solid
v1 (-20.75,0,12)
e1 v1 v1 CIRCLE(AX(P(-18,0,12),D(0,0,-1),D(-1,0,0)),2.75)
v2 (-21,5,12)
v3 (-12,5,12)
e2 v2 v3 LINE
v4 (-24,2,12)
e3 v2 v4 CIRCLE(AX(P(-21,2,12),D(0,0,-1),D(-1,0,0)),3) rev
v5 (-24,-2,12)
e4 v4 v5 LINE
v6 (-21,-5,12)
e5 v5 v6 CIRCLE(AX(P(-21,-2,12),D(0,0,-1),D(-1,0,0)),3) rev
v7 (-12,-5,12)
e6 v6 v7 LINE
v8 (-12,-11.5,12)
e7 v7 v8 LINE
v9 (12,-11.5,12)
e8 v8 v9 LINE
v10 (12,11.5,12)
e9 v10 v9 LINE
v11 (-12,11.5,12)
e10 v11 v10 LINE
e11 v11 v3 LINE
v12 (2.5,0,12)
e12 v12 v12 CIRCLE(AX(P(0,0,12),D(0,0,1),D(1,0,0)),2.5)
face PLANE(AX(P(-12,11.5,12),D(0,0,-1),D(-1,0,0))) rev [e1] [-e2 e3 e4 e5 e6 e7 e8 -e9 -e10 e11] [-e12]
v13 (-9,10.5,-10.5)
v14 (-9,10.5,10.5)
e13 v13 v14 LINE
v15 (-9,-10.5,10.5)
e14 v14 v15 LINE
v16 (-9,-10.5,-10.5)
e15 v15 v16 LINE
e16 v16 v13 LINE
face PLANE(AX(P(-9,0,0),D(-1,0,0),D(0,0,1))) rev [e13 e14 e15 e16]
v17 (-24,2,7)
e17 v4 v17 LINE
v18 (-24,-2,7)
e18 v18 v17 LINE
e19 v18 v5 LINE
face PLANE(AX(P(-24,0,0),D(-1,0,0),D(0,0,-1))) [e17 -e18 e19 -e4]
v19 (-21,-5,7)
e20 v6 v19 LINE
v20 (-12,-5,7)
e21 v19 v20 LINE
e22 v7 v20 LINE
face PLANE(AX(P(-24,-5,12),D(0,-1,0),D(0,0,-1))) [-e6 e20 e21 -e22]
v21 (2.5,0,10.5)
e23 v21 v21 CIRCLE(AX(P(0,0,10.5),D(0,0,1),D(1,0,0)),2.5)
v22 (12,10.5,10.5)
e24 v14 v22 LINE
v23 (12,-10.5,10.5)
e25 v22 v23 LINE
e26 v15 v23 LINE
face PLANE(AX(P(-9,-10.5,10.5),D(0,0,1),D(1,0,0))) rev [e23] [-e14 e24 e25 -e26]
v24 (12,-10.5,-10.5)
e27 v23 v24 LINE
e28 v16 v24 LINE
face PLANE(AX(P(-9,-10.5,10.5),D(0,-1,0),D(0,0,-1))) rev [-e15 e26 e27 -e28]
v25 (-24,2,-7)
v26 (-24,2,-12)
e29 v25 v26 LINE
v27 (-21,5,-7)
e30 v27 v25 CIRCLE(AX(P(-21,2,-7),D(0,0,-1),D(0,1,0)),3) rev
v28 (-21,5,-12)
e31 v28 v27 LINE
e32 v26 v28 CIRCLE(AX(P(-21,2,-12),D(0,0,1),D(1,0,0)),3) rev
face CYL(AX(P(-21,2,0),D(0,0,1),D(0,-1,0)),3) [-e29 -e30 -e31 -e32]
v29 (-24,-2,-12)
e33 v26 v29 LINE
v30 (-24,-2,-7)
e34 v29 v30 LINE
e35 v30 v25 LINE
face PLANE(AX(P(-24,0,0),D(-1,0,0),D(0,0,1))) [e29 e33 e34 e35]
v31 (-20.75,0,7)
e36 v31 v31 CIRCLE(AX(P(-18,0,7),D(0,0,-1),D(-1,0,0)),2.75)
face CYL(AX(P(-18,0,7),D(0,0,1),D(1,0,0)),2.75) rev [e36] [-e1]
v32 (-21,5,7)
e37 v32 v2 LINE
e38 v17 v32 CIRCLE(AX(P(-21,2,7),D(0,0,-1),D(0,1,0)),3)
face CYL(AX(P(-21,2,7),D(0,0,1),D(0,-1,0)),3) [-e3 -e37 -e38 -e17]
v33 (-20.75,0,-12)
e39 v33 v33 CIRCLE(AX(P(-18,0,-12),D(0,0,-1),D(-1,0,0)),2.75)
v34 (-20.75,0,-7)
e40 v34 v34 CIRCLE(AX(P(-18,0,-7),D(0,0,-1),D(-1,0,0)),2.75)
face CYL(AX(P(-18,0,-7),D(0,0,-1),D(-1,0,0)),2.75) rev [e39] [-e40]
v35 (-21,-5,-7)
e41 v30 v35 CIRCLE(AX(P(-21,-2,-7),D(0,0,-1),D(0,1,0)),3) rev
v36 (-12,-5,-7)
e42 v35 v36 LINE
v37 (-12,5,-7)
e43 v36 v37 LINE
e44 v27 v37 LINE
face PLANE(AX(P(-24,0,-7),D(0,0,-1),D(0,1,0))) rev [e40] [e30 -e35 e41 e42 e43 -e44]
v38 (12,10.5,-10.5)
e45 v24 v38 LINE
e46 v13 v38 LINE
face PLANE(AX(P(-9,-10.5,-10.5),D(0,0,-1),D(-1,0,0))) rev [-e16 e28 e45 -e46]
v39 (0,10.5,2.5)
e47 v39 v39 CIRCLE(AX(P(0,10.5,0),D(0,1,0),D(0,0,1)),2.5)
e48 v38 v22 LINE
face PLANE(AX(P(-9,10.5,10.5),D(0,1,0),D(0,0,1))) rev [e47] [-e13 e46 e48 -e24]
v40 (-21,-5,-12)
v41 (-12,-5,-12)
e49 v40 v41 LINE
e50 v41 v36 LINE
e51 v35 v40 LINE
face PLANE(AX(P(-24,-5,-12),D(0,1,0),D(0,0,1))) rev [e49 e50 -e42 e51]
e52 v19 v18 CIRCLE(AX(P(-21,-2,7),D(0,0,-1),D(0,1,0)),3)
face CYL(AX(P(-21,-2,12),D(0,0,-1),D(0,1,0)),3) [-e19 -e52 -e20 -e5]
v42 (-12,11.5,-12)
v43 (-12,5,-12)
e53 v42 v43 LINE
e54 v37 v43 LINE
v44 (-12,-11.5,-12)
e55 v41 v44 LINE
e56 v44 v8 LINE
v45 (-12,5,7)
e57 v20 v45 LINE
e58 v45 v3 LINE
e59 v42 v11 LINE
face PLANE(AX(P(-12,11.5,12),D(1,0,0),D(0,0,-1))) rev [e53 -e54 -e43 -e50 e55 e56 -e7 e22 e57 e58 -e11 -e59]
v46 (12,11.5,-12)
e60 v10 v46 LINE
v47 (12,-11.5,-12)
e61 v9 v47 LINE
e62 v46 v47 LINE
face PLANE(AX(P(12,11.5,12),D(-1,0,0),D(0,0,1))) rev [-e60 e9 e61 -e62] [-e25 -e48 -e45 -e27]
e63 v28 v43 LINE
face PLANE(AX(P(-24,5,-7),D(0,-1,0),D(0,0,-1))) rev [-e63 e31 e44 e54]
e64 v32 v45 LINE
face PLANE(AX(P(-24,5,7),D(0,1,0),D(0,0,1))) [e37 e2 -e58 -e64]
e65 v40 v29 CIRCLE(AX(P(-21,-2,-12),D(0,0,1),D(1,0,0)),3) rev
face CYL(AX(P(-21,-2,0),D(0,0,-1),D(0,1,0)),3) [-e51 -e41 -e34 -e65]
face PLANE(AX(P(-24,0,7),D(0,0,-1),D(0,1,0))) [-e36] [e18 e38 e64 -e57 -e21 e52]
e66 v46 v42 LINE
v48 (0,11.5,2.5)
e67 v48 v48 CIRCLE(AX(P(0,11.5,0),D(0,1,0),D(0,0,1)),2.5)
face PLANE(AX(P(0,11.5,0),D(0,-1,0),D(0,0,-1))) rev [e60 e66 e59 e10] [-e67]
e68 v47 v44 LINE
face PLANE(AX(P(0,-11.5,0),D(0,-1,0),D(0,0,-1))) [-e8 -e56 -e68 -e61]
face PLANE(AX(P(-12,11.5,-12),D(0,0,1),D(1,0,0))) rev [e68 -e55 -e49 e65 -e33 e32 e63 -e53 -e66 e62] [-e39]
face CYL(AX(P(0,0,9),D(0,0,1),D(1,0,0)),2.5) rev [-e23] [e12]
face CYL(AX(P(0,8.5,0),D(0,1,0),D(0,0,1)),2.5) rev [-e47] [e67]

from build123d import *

# Parameters (mm, degrees)
SKETCH1_W            = 24
SKETCH1_H            = 24
BOSS_EXTRUDE1_DEPTH  = 11.5
SKETCH2_W            = 21
SKETCH2_H            = 21
CUT_EXTRUDE1_DEPTH   = 21
SKETCH3_R            = 2.5
CUT_EXTRUDE2_DEPTH   = 3
SKETCH4_R            = 2.5
CUT_EXTRUDE3_DEPTH   = 3
BOSS_EXTRUDE3_DEPTH  = 12
SKETCH9_R            = 2.75
CUT_EXTRUDE5_DEPTH   = 5
FILLET2_R            = 3
FILLET2_OF_MIRROR1_R = 3


with BuildPart() as part:
    # Sketch1 → Boss-Extrude1 (new, symmetric)
    with BuildSketch(Plane(origin=(0, 0, 0), x_dir=(1, 0, 0), z_dir=(0, 1, 0))):
        Rectangle(SKETCH1_W, SKETCH1_H)
    extrude(amount=BOSS_EXTRUDE1_DEPTH, both=True)

    # Sketch2 → Cut-Extrude1 (cut)
    with BuildSketch(Plane(origin=(12, 0, 0), x_dir=(0, 0, -1), z_dir=(1, 0, 0))):
        Rectangle(SKETCH2_W, SKETCH2_H)
    extrude(amount=-CUT_EXTRUDE1_DEPTH, mode=Mode.SUBTRACT)

    # Sketch3 → Cut-Extrude2 (cut)
    with BuildSketch(Plane(origin=(0, 11.5, 0), x_dir=(1, 0, 0), z_dir=(0, 1, 0))):
        with Locations(Location((0, 0, 0), (0, 0, 270))):
            Circle(SKETCH3_R)
    extrude(amount=-CUT_EXTRUDE2_DEPTH, mode=Mode.SUBTRACT)

    # Sketch4 → Cut-Extrude3 (cut)
    with BuildSketch(Plane.XY.offset(12)):
        Circle(SKETCH4_R)
    extrude(amount=-CUT_EXTRUDE3_DEPTH, mode=Mode.SUBTRACT)

    # Sketch8 → Boss-Extrude3 (add)
    with BuildSketch(Plane.ZY.offset(12)):
        Polygon((-7, 0), (-7, 5), (-12, 5), (-12, 0), (-12, -5), (-7, -5), align=None)
    boss_extrude3 = extrude(amount=BOSS_EXTRUDE3_DEPTH)

    # Sketch9 → Cut-Extrude5 (cut)
    with BuildSketch(Plane(origin=(0, 0, -12), x_dir=(-1, 0, 0), z_dir=(0, 0, -1))):
        with Locations((18, 0)):
            Circle(SKETCH9_R)
    cut_extrude5 = extrude(amount=-CUT_EXTRUDE5_DEPTH, mode=Mode.SUBTRACT)

    # Fillet2
    fillet2_edges = [part.edges().sort_by_distance(p)[0] for p in [
        (-24, 5, -9.5),
        (-24, -5, -9.5),
    ]]
    fillet(fillet2_edges, radius=FILLET2_R)

    # Mirror1: Boss-Extrude3, Cut-Extrude5 across plane
    add(boss_extrude3.mirror(Plane.XY))
    add(cut_extrude5.mirror(Plane.XY), mode=Mode.SUBTRACT)

    # Fillet2 of Mirror1
    fillet2_of_mirror1_edges = [part.edges().sort_by_distance(p)[0] for p in [
        (-24, 5, 9.5),
        (-24, -5, 9.5),
    ]]
    fillet(fillet2_of_mirror1_edges, radius=FILLET2_OF_MIRROR1_R)


solid = part.part
